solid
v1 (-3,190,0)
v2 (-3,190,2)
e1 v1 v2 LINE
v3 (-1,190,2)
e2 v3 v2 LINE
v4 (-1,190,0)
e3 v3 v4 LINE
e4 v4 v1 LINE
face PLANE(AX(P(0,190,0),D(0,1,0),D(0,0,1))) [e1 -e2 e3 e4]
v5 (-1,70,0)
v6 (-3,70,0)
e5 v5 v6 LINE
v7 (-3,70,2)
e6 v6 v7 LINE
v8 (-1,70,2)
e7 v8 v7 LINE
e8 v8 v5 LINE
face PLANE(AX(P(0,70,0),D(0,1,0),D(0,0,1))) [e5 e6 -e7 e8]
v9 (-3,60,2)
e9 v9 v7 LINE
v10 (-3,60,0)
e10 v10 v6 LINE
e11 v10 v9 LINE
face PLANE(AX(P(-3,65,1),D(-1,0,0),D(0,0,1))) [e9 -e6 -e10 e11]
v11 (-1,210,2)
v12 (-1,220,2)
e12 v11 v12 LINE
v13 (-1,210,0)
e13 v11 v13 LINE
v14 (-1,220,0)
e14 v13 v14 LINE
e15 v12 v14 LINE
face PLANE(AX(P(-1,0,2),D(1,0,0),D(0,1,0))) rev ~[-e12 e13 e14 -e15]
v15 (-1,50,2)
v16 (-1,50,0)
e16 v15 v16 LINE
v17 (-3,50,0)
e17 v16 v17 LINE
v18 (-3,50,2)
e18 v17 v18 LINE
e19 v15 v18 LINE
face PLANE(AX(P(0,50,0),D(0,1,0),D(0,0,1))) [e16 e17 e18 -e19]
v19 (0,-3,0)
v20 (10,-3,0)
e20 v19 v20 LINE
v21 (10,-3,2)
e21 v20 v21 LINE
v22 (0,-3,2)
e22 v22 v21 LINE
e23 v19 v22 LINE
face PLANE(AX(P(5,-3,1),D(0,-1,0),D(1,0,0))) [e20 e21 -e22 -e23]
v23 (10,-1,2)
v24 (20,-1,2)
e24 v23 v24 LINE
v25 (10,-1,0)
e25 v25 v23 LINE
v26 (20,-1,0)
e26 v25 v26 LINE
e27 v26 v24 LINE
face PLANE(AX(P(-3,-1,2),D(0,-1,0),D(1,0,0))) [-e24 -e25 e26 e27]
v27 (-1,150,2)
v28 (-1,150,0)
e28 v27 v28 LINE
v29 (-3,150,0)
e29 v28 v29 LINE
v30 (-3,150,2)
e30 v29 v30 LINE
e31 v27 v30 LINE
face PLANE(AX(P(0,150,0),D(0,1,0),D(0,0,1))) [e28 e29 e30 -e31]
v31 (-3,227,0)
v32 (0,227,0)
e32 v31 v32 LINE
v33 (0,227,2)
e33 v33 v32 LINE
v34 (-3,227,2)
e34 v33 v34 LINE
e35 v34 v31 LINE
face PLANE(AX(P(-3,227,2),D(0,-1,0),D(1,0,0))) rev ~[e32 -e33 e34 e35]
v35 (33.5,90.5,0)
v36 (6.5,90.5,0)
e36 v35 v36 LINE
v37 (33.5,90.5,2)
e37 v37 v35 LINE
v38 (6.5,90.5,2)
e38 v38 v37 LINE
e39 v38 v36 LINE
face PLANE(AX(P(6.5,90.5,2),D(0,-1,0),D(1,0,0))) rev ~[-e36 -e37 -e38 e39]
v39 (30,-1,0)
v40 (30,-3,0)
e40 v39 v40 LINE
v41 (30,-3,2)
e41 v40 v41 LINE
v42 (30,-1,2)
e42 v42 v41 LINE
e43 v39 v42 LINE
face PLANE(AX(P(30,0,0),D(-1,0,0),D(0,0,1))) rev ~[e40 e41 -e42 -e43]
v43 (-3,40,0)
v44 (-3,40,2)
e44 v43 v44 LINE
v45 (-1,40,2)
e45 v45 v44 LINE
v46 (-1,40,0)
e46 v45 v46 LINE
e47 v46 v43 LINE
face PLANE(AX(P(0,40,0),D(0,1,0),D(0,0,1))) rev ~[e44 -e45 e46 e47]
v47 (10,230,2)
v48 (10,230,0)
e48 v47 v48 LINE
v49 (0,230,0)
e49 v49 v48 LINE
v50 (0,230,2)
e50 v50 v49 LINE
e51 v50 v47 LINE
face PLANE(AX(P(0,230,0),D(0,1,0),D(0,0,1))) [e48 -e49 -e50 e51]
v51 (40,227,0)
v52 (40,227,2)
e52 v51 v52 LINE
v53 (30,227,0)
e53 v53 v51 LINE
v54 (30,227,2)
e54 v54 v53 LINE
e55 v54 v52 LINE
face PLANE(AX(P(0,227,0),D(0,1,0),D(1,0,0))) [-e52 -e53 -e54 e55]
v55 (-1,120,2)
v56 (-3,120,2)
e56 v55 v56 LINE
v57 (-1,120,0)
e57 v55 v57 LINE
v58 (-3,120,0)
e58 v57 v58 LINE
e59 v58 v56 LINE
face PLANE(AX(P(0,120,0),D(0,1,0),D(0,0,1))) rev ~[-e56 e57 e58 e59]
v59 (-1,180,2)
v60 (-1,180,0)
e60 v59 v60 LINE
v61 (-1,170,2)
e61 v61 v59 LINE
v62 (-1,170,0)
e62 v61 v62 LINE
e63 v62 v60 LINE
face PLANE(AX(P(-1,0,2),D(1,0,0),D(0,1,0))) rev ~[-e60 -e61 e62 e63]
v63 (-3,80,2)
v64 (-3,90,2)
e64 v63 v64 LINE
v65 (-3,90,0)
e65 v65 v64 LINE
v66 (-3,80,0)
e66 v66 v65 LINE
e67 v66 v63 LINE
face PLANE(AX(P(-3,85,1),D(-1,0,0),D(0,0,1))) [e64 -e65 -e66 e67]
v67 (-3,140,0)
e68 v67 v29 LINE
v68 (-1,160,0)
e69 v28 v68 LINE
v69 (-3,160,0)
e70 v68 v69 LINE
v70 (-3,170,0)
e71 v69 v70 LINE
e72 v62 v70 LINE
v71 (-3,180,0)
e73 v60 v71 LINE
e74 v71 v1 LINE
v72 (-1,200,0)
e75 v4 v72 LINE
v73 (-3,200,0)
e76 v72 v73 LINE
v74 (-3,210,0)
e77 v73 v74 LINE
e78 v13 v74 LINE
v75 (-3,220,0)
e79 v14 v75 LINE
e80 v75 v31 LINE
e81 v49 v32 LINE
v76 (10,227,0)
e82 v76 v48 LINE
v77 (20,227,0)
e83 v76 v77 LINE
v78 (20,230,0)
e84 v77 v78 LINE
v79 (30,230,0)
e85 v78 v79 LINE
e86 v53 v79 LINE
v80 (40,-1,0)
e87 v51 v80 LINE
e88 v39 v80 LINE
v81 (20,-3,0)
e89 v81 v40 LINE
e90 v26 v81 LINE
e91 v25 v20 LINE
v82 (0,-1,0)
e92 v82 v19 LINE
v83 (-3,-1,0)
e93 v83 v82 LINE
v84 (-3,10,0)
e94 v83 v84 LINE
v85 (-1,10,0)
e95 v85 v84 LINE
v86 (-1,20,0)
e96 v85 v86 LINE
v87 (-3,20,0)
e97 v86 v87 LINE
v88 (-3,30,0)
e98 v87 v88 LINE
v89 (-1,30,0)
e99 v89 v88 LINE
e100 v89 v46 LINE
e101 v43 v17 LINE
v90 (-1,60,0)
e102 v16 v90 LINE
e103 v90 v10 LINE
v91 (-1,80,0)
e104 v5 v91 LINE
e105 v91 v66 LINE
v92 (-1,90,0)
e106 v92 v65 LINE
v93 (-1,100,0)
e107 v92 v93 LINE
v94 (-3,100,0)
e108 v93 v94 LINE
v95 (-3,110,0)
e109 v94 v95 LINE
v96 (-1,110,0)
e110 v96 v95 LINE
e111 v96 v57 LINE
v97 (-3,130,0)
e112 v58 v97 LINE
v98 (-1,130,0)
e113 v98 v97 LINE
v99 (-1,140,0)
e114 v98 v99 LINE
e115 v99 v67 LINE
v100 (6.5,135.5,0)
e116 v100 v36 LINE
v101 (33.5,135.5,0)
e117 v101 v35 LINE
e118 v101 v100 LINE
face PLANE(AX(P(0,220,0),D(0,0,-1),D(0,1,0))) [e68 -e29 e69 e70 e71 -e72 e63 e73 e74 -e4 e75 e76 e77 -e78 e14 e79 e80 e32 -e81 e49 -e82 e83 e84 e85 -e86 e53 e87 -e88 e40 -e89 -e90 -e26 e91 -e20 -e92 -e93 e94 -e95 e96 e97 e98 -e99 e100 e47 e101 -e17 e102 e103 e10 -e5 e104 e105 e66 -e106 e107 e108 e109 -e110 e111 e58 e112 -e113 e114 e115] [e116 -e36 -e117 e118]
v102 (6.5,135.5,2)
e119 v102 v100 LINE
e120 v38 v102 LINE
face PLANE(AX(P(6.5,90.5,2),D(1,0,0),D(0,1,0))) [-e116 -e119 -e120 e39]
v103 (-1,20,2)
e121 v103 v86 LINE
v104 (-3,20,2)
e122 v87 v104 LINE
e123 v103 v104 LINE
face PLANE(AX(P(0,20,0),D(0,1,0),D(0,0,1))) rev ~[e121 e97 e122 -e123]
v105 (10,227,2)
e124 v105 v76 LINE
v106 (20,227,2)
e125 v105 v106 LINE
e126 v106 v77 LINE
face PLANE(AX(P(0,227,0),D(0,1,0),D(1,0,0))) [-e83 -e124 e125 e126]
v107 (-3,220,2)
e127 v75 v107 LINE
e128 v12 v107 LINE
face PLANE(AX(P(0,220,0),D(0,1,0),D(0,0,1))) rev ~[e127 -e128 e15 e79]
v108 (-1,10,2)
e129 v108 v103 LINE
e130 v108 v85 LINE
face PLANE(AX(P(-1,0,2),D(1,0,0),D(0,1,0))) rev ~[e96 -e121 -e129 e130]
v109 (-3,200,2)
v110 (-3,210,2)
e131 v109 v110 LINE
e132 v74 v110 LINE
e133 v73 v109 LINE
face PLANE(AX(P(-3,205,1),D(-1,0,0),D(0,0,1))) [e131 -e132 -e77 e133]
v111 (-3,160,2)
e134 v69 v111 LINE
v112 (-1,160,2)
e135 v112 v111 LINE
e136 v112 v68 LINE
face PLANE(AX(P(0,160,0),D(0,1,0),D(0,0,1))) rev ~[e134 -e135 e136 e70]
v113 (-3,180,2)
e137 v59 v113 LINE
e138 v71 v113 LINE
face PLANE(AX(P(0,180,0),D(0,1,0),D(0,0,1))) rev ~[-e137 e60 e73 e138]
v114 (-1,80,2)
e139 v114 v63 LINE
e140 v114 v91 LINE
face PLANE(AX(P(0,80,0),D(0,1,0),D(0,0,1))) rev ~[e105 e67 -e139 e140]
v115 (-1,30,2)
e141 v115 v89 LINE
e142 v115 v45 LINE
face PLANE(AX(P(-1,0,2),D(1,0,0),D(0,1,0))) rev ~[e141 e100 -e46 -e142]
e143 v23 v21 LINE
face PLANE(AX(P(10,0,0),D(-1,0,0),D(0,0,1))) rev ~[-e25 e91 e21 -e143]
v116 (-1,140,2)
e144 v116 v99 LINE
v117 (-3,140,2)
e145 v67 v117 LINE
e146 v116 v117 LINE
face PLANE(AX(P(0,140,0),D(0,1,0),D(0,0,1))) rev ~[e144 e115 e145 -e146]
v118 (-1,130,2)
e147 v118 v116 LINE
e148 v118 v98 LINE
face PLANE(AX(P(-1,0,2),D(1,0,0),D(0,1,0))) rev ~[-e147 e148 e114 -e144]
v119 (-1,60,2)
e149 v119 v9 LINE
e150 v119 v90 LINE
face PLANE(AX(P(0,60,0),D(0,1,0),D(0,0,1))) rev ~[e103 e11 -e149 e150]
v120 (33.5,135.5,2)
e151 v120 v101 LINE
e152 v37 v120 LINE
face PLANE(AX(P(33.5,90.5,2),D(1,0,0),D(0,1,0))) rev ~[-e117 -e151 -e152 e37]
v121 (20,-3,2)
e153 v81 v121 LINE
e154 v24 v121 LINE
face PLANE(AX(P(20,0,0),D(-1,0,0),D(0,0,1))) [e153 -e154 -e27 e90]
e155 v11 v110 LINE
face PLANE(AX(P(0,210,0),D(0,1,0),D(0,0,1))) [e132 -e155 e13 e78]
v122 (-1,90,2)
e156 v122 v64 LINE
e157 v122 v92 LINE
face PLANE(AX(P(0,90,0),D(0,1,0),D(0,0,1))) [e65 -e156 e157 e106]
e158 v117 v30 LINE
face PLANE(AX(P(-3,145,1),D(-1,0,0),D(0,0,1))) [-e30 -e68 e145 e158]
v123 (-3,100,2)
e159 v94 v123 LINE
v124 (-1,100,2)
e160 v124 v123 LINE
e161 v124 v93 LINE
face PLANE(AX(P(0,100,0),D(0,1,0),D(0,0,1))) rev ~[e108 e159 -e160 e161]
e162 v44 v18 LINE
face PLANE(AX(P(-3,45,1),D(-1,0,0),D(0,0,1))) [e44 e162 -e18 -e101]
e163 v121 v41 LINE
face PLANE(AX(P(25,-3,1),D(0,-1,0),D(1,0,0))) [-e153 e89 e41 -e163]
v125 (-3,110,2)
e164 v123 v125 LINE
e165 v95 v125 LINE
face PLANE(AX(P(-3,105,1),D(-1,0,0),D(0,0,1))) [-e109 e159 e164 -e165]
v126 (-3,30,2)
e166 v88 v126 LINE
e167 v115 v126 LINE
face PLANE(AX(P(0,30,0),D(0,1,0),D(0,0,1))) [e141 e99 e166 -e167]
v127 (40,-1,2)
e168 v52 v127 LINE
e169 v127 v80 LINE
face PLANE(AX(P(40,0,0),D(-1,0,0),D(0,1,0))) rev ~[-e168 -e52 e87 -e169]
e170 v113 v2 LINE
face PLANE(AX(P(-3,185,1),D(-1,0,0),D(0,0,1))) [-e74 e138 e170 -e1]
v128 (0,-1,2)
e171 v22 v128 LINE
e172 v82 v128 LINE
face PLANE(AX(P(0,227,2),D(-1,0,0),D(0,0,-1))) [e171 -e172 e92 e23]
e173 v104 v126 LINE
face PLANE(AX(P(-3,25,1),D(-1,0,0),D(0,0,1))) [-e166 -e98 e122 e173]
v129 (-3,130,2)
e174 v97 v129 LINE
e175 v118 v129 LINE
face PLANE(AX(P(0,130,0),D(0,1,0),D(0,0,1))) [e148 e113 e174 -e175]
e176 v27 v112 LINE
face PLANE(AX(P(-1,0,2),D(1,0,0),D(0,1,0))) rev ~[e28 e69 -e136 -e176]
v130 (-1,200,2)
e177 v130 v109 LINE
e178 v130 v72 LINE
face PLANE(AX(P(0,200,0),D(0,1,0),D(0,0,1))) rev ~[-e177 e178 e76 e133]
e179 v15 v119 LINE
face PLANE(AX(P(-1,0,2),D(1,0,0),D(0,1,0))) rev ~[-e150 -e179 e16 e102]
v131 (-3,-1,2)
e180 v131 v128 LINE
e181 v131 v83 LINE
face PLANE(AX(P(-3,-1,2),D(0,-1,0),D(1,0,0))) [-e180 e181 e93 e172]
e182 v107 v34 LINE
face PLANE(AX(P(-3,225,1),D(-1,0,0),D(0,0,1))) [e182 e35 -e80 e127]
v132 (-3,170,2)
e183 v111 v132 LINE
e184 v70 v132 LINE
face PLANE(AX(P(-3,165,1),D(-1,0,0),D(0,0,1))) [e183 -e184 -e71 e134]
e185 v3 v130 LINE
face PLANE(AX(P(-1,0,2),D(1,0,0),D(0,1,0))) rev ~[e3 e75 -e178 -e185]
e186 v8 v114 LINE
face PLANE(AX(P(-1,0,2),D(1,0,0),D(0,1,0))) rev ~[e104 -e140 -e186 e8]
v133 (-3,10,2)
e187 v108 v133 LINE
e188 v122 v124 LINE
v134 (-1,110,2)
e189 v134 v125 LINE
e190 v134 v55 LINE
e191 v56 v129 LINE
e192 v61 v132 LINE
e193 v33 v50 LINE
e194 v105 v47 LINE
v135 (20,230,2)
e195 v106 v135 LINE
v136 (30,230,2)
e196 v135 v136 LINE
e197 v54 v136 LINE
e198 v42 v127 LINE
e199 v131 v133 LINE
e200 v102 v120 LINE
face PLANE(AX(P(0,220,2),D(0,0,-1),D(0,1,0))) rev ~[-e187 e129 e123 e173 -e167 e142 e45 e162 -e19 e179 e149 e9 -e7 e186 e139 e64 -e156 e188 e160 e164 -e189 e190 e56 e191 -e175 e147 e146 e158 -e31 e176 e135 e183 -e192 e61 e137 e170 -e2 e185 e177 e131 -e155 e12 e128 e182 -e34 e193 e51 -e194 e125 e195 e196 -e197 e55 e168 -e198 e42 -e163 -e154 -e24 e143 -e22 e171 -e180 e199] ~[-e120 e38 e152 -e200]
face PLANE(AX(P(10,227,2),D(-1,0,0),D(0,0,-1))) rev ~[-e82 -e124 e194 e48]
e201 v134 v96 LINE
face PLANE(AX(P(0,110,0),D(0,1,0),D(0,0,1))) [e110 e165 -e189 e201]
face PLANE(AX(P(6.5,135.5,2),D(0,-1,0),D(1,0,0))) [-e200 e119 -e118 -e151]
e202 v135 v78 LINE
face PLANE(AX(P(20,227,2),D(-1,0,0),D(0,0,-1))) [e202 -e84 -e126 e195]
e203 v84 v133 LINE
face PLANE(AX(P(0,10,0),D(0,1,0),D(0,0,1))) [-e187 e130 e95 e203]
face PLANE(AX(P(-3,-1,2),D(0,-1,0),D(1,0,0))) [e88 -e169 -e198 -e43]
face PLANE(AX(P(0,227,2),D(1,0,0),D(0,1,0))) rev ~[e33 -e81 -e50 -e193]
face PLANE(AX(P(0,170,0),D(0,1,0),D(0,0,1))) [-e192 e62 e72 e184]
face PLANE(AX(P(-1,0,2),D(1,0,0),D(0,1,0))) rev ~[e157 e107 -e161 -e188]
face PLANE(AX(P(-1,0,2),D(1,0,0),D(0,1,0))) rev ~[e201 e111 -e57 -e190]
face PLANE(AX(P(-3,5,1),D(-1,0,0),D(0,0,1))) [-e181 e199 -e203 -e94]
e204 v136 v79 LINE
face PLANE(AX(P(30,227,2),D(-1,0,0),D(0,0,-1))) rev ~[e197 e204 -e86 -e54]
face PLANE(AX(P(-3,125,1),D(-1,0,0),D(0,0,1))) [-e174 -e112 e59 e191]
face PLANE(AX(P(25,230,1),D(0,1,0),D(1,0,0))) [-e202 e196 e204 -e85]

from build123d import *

# Parameters (mm, degrees)
SKETCH1_W               = 40
SKETCH1_H               = 227
BOSS_EXTRUDE1_DEPTH     = 2
SKETCH2_W               = 10
SKETCH2_H               = 2
BOSS_EXTRUDE2_DEPTH     = 3
LPATTERN1_COUNT         = 2
LPATTERN1_PITCH         = 20
SKETCH3_W               = 10
SKETCH3_H               = 2
BOSS_EXTRUDE3_DEPTH     = 3
LPATTERN2_COUNT         = 2
LPATTERN2_PITCH         = 20
SKETCH4_W               = 2
SKETCH4_H               = 10
BOSS_EXTRUDE4_DEPTH     = 3
LPATTERN3_COUNT         = 12
LPATTERN3_PITCH         = 20
ESQUISSE1_W             = 3
ESQUISSE1_H             = 3
ENL_V_MAT_EXTRU_1_DEPTH = 3
ESQUISSE2_W             = 1
ESQUISSE2_H             = 227
ESQUISSE2_W_2           = 43
ESQUISSE2_H_2           = 1
BOSS_EXTRU_1_DEPTH      = 2
ESQUISSE4_W             = 27
ESQUISSE4_H             = 45
ENL_V_MAT_EXTRU_2_DEPTH = 3


with BuildPart() as part:
    # Sketch1 → Boss-Extrude1 (new body)
    with BuildSketch(Plane.XY):
        with Locations((20, 113.5)):
            Rectangle(SKETCH1_W, SKETCH1_H)
    extrude(amount=BOSS_EXTRUDE1_DEPTH)

    # Sketch2 → Boss-Extrude2 (add)
    with BuildSketch(Plane.XZ):
        with Locations((25, 1)):
            Rectangle(SKETCH2_W, SKETCH2_H)
    boss_extrude2 = extrude(amount=BOSS_EXTRUDE2_DEPTH)

    # LPattern1: Boss-Extrude2 ×2
    with Locations(*[(-i * LPATTERN1_PITCH, 0, 0) for i in range(1, LPATTERN1_COUNT)]):
        add(boss_extrude2)

    # Sketch3 → Boss-Extrude3 (add)
    with BuildSketch(Plane(origin=(0, 227, 0), x_dir=(1, 0, 0), z_dir=(0, 1, 0))):
        with Locations((25, -1)):
            Rectangle(SKETCH3_W, SKETCH3_H)
    boss_extrude3 = extrude(amount=BOSS_EXTRUDE3_DEPTH)

    # LPattern2: Boss-Extrude3 ×2
    with Locations(*[(-i * LPATTERN2_PITCH, 0, 0) for i in range(1, LPATTERN2_COUNT)]):
        add(boss_extrude3)

    # Sketch4 → Boss-Extrude4 (add)
    with BuildSketch(Plane.ZY):
        with Locations((1, 5)):
            Rectangle(SKETCH4_W, SKETCH4_H)
    boss_extrude4 = extrude(amount=BOSS_EXTRUDE4_DEPTH)

    # LPattern3: Boss-Extrude4 ×12
    with Locations(*[(0, i * LPATTERN3_PITCH, 0) for i in range(1, LPATTERN3_COUNT)]):
        add(boss_extrude4)

    # Esquisse1 → Enlèv. mat.-Extru.1 (cut, through all)
    with BuildSketch(Plane.XY.offset(2)):
        with Locations((-1.5, 228.5)):
            Rectangle(ESQUISSE1_W, ESQUISSE1_H)
    extrude(amount=-ENL_V_MAT_EXTRU_1_DEPTH, mode=Mode.SUBTRACT)

    # Esquisse2 → Boss.-Extru.1 (add)
    with BuildSketch(Plane.XY.offset(2)):
        with Locations((-0.5, 113.5)):
            Rectangle(ESQUISSE2_W, ESQUISSE2_H)
        with Locations((18.5, -0.5)):
            Rectangle(ESQUISSE2_W_2, ESQUISSE2_H_2)
    extrude(amount=-BOSS_EXTRU_1_DEPTH)

    # Esquisse4 → Enlèv. mat.-Extru.2 (cut)
    with BuildSketch(Plane.XY.offset(2)):
        with Locations((20, 113)):
            Rectangle(ESQUISSE4_W, ESQUISSE4_H)
    extrude(amount=-ENL_V_MAT_EXTRU_2_DEPTH, mode=Mode.SUBTRACT)


solid = part.part
